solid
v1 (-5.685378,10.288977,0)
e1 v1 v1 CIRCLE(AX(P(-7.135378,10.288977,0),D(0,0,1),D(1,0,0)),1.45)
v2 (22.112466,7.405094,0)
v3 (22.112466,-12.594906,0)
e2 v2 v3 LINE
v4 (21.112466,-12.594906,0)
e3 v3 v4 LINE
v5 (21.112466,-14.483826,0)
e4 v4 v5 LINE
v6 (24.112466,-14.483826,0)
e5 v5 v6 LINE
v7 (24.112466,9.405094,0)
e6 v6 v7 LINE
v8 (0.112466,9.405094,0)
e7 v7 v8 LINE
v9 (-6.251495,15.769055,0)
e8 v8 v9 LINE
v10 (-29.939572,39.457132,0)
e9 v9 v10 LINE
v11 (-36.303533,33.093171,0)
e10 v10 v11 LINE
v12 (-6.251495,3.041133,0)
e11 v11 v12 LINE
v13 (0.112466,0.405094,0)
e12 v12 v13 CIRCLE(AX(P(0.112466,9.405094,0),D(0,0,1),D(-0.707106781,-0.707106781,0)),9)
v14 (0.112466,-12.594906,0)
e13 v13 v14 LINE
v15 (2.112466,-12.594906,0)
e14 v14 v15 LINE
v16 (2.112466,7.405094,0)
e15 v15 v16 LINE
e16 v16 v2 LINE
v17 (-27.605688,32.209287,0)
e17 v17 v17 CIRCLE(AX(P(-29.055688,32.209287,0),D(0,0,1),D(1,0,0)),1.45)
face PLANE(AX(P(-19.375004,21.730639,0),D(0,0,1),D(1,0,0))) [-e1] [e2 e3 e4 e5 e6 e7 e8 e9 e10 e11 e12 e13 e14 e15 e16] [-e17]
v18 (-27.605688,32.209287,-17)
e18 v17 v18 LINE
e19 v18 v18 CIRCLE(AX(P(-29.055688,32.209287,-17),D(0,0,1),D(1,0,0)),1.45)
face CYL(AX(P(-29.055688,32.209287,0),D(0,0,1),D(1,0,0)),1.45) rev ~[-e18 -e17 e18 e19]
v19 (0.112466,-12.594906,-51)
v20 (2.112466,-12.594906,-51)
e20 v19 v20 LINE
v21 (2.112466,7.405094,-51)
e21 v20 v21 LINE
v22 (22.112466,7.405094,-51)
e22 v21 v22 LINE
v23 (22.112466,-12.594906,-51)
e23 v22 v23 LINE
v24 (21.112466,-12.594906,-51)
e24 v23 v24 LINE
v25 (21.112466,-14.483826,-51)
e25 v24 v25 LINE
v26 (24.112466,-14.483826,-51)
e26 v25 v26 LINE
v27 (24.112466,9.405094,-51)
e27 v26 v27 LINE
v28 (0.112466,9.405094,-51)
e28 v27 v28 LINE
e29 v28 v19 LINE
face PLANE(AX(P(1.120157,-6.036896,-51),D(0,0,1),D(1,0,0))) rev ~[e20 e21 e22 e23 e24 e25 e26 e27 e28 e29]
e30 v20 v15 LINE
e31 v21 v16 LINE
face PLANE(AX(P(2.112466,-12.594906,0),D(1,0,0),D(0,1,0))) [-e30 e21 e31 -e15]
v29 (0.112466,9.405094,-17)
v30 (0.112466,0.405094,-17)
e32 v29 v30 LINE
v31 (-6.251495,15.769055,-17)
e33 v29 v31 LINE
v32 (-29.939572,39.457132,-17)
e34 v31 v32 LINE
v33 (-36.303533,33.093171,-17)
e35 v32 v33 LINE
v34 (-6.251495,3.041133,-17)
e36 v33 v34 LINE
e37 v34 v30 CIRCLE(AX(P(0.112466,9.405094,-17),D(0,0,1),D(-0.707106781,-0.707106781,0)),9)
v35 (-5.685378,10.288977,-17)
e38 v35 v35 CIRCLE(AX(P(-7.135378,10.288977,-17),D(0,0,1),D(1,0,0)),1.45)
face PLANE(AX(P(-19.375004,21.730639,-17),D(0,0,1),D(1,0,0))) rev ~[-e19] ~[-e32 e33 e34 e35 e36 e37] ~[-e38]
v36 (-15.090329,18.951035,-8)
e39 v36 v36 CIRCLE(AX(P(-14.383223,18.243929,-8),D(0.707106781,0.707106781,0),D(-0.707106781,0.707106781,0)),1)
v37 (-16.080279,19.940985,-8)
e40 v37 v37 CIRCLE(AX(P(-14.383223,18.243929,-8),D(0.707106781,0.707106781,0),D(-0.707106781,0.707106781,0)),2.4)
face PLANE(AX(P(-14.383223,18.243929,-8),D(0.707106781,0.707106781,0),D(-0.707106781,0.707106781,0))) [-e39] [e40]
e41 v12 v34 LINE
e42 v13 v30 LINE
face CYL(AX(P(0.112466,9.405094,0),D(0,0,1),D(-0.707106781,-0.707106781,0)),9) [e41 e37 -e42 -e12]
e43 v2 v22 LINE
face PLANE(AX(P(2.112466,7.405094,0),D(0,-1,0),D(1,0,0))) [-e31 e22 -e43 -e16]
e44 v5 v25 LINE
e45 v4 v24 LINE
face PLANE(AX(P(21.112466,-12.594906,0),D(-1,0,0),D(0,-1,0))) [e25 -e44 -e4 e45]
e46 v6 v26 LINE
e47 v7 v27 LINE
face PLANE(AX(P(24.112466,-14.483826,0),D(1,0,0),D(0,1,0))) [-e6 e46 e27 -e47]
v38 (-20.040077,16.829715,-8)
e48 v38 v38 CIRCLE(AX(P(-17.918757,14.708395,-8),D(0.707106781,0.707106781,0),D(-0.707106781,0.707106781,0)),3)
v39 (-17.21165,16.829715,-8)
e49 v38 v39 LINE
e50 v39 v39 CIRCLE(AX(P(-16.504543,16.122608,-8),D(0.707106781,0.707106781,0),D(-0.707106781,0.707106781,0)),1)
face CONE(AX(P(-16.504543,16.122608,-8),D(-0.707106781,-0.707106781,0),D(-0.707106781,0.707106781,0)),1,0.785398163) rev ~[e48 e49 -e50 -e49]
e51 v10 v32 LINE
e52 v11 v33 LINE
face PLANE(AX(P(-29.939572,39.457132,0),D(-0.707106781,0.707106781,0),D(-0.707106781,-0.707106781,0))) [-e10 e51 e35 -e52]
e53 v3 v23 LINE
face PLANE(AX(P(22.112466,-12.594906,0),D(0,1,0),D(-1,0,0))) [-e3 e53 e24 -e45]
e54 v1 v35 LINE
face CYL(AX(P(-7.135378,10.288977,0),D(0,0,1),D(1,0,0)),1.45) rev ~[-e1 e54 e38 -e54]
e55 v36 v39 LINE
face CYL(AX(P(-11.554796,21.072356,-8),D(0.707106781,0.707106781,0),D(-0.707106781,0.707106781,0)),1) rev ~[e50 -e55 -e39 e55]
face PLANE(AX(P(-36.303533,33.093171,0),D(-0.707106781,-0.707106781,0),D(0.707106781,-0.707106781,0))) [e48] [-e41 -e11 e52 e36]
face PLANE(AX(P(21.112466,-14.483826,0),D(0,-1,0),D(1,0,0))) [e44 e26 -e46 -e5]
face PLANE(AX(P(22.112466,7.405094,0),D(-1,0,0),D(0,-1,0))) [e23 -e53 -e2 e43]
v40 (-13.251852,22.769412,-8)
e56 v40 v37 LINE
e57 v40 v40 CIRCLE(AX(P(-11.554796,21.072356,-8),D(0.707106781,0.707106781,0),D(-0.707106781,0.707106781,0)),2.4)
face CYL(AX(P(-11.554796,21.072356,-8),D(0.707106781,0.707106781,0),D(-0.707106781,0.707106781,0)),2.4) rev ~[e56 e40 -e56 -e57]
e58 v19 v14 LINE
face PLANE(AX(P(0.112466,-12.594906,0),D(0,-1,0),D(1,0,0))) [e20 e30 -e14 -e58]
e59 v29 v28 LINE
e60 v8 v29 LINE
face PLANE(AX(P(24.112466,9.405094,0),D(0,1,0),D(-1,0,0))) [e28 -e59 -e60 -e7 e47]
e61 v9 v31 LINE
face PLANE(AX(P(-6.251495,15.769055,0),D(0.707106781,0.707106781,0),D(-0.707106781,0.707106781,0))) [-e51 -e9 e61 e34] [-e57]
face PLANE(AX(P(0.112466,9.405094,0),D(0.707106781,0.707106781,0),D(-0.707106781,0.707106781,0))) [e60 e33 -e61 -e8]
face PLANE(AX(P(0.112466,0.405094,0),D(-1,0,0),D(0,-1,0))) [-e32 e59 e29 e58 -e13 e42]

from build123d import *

# Parameters (mm, degrees)
F0_R     = 1.45
F1_DEPTH = 17
F2_DEPTH = 51
F3_R     = 1
F4_DEPTH = 42.6430173342
F3_R_2   = 2.4
F5_DEPTH = 4
F6_SIZE  = 2


with BuildPart() as f1:
    # F0 (on Top) → F1 (new body)
    with BuildSketch(Plane.XY):
        with BuildLine():
            ThreePointArc((-6.2514946472, 3.0411327703), (-8.8875336165, 9.4050938009), (-6.2514946472, 15.7690548316))
            Line((-6.2514946472, 15.7690548316), (-29.9395718169, 39.4571320014))
            Line((-29.9395718169, 39.4571320014), (-36.3035328476, 33.0931709707))
            Line((-36.3035328476, 33.0931709707), (-6.2514946472, 3.0411327703))
        make_face()
        with Locations((-29.0556883405, 32.2092874942)):
            Circle(F0_R, mode=Mode.SUBTRACT)
        with BuildLine():
            Line((-6.2514946472, 3.0411327703), (0.1124663835, 9.4050938009))
            Line((0.1124663835, 9.4050938009), (-6.2514946472, 15.7690548316))
            ThreePointArc((-6.2514946472, 15.7690548316), (-8.8875336165, 9.4050938009), (-6.2514946472, 3.0411327703))
        make_face()
        with Locations((-7.1353781237, 10.2889772774)):
            Circle(F0_R, mode=Mode.SUBTRACT)
        with BuildLine():
            Line((0.1124663835, 0.4050938009), (0.1124663835, 9.4050938009))
            Line((0.1124663835, 9.4050938009), (-6.2514946472, 3.0411327703))
            ThreePointArc((-6.2514946472, 3.0411327703), (-3.3316845078, 1.0901780083), (0.1124663835, 0.4050938009))
        make_face()
        with BuildLine():
            Line((9.1124663835, 9.4050938009), (0.1124663835, 9.4050938009))
            Line((0.1124663835, 9.4050938009), (0.1124663835, 0.4050938009))
            ThreePointArc((0.1124663835, 0.4050938009), (1.1187766024, 0.4615296488), (2.1124663835, 0.6301294135))
            Line((2.1124663835, 0.6301294135), (2.1124663835, 7.4050938009))
            Line((2.1124663835, 7.4050938009), (8.8874307709, 7.4050938009))
            ThreePointArc((8.8874307709, 7.4050938009), (9.0560305356, 8.398783582), (9.1124663835, 9.4050938009))
        make_face()
        with BuildLine():
            ThreePointArc((2.1124663835, 0.6301294135), (1.1187766024, 0.4615296488), (0.1124663835, 0.4050938009))
            Line((0.1124663835, 0.4050938009), (0.1124663835, -12.5949061991))
            Line((0.1124663835, -12.5949061991), (2.1124663835, -12.5949061991))
            Line((2.1124663835, -12.5949061991), (2.1124663835, 0.6301294135))
        make_face()
        with BuildLine():
            Line((24.1124663835, 9.4050938009), (9.1124663835, 9.4050938009))
            ThreePointArc((9.1124663835, 9.4050938009), (9.0560305356, 8.398783582), (8.8874307709, 7.4050938009))
            Line((8.8874307709, 7.4050938009), (22.1124663835, 7.4050938009))
            Line((22.1124663835, 7.4050938009), (22.1124663835, -12.5949061991))
            Line((22.1124663835, -12.5949061991), (21.1124663835, -12.5949061991))
            Line((21.1124663835, -12.5949061991), (21.1124663835, -14.483826209))
            Line((21.1124663835, -14.483826209), (24.1124663835, -14.483826209))
            Line((24.1124663835, -14.483826209), (24.1124663835, -12.5945746742))
            Line((24.1124663835, -12.5945746742), (24.1124663835, 9.4050938009))
        make_face()
    extrude(amount=-F1_DEPTH)

    # F0 (on Top) → F2 (join)
    with BuildSketch(Plane.XY):
        with BuildLine():
            ThreePointArc((2.1124663835, 0.6301294135), (1.1187766024, 0.4615296488), (0.1124663835, 0.4050938009))
            Line((0.1124663835, 0.4050938009), (0.1124663835, -12.5949061991))
            Line((0.1124663835, -12.5949061991), (2.1124663835, -12.5949061991))
            Line((2.1124663835, -12.5949061991), (2.1124663835, 0.6301294135))
        make_face()
        with BuildLine():
            Line((9.1124663835, 9.4050938009), (0.1124663835, 9.4050938009))
            Line((0.1124663835, 9.4050938009), (0.1124663835, 0.4050938009))
            ThreePointArc((0.1124663835, 0.4050938009), (1.1187766024, 0.4615296488), (2.1124663835, 0.6301294135))
            Line((2.1124663835, 0.6301294135), (2.1124663835, 7.4050938009))
            Line((2.1124663835, 7.4050938009), (8.8874307709, 7.4050938009))
            ThreePointArc((8.8874307709, 7.4050938009), (9.0560305356, 8.398783582), (9.1124663835, 9.4050938009))
        make_face()
        with BuildLine():
            Line((24.1124663835, 9.4050938009), (9.1124663835, 9.4050938009))
            ThreePointArc((9.1124663835, 9.4050938009), (9.0560305356, 8.398783582), (8.8874307709, 7.4050938009))
            Line((8.8874307709, 7.4050938009), (22.1124663835, 7.4050938009))
            Line((22.1124663835, 7.4050938009), (22.1124663835, -12.5949061991))
            Line((22.1124663835, -12.5949061991), (21.1124663835, -12.5949061991))
            Line((21.1124663835, -12.5949061991), (21.1124663835, -14.483826209))
            Line((21.1124663835, -14.483826209), (24.1124663835, -14.483826209))
            Line((24.1124663835, -14.483826209), (24.1124663835, -12.5945746742))
            Line((24.1124663835, -12.5945746742), (24.1124663835, 9.4050938009))
        make_face()
    extrude(amount=-F2_DEPTH)

    # F3 (on face) → F4 (cut, through all)
    with BuildSketch(Plane(origin=(4.7587800922, 4.7587800922, 0), x_dir=(-0.7071067812, 0.7071067812, 0), z_dir=(0.7071067812, 0.7071067812, 0))):
        with Locations((23.0708798619, -8)):
            Circle(F3_R)
    extrude(amount=-F4_DEPTH, mode=Mode.SUBTRACT)

    # F3 (on face) → F5 (cut)
    with BuildSketch(Plane(origin=(4.7587800922, 4.7587800922, 0), x_dir=(-0.7071067812, 0.7071067812, 0), z_dir=(0.7071067812, 0.7071067812, 0))):
        with Locations((23.0708798619, -8)):
            Circle(F3_R_2)
        with Locations((23.0708798619, -8)):
            Circle(F3_R, mode=Mode.SUBTRACT)
    extrude(amount=-F5_DEPTH, mode=Mode.SUBTRACT)

    # F6
    f6_edges = [f1.edges().sort_by_distance(p)[0] for p in [
        (-17.21165, 14.001288, -8),
    ]]
    chamfer(f6_edges, length=F6_SIZE)


solid = f1.part
